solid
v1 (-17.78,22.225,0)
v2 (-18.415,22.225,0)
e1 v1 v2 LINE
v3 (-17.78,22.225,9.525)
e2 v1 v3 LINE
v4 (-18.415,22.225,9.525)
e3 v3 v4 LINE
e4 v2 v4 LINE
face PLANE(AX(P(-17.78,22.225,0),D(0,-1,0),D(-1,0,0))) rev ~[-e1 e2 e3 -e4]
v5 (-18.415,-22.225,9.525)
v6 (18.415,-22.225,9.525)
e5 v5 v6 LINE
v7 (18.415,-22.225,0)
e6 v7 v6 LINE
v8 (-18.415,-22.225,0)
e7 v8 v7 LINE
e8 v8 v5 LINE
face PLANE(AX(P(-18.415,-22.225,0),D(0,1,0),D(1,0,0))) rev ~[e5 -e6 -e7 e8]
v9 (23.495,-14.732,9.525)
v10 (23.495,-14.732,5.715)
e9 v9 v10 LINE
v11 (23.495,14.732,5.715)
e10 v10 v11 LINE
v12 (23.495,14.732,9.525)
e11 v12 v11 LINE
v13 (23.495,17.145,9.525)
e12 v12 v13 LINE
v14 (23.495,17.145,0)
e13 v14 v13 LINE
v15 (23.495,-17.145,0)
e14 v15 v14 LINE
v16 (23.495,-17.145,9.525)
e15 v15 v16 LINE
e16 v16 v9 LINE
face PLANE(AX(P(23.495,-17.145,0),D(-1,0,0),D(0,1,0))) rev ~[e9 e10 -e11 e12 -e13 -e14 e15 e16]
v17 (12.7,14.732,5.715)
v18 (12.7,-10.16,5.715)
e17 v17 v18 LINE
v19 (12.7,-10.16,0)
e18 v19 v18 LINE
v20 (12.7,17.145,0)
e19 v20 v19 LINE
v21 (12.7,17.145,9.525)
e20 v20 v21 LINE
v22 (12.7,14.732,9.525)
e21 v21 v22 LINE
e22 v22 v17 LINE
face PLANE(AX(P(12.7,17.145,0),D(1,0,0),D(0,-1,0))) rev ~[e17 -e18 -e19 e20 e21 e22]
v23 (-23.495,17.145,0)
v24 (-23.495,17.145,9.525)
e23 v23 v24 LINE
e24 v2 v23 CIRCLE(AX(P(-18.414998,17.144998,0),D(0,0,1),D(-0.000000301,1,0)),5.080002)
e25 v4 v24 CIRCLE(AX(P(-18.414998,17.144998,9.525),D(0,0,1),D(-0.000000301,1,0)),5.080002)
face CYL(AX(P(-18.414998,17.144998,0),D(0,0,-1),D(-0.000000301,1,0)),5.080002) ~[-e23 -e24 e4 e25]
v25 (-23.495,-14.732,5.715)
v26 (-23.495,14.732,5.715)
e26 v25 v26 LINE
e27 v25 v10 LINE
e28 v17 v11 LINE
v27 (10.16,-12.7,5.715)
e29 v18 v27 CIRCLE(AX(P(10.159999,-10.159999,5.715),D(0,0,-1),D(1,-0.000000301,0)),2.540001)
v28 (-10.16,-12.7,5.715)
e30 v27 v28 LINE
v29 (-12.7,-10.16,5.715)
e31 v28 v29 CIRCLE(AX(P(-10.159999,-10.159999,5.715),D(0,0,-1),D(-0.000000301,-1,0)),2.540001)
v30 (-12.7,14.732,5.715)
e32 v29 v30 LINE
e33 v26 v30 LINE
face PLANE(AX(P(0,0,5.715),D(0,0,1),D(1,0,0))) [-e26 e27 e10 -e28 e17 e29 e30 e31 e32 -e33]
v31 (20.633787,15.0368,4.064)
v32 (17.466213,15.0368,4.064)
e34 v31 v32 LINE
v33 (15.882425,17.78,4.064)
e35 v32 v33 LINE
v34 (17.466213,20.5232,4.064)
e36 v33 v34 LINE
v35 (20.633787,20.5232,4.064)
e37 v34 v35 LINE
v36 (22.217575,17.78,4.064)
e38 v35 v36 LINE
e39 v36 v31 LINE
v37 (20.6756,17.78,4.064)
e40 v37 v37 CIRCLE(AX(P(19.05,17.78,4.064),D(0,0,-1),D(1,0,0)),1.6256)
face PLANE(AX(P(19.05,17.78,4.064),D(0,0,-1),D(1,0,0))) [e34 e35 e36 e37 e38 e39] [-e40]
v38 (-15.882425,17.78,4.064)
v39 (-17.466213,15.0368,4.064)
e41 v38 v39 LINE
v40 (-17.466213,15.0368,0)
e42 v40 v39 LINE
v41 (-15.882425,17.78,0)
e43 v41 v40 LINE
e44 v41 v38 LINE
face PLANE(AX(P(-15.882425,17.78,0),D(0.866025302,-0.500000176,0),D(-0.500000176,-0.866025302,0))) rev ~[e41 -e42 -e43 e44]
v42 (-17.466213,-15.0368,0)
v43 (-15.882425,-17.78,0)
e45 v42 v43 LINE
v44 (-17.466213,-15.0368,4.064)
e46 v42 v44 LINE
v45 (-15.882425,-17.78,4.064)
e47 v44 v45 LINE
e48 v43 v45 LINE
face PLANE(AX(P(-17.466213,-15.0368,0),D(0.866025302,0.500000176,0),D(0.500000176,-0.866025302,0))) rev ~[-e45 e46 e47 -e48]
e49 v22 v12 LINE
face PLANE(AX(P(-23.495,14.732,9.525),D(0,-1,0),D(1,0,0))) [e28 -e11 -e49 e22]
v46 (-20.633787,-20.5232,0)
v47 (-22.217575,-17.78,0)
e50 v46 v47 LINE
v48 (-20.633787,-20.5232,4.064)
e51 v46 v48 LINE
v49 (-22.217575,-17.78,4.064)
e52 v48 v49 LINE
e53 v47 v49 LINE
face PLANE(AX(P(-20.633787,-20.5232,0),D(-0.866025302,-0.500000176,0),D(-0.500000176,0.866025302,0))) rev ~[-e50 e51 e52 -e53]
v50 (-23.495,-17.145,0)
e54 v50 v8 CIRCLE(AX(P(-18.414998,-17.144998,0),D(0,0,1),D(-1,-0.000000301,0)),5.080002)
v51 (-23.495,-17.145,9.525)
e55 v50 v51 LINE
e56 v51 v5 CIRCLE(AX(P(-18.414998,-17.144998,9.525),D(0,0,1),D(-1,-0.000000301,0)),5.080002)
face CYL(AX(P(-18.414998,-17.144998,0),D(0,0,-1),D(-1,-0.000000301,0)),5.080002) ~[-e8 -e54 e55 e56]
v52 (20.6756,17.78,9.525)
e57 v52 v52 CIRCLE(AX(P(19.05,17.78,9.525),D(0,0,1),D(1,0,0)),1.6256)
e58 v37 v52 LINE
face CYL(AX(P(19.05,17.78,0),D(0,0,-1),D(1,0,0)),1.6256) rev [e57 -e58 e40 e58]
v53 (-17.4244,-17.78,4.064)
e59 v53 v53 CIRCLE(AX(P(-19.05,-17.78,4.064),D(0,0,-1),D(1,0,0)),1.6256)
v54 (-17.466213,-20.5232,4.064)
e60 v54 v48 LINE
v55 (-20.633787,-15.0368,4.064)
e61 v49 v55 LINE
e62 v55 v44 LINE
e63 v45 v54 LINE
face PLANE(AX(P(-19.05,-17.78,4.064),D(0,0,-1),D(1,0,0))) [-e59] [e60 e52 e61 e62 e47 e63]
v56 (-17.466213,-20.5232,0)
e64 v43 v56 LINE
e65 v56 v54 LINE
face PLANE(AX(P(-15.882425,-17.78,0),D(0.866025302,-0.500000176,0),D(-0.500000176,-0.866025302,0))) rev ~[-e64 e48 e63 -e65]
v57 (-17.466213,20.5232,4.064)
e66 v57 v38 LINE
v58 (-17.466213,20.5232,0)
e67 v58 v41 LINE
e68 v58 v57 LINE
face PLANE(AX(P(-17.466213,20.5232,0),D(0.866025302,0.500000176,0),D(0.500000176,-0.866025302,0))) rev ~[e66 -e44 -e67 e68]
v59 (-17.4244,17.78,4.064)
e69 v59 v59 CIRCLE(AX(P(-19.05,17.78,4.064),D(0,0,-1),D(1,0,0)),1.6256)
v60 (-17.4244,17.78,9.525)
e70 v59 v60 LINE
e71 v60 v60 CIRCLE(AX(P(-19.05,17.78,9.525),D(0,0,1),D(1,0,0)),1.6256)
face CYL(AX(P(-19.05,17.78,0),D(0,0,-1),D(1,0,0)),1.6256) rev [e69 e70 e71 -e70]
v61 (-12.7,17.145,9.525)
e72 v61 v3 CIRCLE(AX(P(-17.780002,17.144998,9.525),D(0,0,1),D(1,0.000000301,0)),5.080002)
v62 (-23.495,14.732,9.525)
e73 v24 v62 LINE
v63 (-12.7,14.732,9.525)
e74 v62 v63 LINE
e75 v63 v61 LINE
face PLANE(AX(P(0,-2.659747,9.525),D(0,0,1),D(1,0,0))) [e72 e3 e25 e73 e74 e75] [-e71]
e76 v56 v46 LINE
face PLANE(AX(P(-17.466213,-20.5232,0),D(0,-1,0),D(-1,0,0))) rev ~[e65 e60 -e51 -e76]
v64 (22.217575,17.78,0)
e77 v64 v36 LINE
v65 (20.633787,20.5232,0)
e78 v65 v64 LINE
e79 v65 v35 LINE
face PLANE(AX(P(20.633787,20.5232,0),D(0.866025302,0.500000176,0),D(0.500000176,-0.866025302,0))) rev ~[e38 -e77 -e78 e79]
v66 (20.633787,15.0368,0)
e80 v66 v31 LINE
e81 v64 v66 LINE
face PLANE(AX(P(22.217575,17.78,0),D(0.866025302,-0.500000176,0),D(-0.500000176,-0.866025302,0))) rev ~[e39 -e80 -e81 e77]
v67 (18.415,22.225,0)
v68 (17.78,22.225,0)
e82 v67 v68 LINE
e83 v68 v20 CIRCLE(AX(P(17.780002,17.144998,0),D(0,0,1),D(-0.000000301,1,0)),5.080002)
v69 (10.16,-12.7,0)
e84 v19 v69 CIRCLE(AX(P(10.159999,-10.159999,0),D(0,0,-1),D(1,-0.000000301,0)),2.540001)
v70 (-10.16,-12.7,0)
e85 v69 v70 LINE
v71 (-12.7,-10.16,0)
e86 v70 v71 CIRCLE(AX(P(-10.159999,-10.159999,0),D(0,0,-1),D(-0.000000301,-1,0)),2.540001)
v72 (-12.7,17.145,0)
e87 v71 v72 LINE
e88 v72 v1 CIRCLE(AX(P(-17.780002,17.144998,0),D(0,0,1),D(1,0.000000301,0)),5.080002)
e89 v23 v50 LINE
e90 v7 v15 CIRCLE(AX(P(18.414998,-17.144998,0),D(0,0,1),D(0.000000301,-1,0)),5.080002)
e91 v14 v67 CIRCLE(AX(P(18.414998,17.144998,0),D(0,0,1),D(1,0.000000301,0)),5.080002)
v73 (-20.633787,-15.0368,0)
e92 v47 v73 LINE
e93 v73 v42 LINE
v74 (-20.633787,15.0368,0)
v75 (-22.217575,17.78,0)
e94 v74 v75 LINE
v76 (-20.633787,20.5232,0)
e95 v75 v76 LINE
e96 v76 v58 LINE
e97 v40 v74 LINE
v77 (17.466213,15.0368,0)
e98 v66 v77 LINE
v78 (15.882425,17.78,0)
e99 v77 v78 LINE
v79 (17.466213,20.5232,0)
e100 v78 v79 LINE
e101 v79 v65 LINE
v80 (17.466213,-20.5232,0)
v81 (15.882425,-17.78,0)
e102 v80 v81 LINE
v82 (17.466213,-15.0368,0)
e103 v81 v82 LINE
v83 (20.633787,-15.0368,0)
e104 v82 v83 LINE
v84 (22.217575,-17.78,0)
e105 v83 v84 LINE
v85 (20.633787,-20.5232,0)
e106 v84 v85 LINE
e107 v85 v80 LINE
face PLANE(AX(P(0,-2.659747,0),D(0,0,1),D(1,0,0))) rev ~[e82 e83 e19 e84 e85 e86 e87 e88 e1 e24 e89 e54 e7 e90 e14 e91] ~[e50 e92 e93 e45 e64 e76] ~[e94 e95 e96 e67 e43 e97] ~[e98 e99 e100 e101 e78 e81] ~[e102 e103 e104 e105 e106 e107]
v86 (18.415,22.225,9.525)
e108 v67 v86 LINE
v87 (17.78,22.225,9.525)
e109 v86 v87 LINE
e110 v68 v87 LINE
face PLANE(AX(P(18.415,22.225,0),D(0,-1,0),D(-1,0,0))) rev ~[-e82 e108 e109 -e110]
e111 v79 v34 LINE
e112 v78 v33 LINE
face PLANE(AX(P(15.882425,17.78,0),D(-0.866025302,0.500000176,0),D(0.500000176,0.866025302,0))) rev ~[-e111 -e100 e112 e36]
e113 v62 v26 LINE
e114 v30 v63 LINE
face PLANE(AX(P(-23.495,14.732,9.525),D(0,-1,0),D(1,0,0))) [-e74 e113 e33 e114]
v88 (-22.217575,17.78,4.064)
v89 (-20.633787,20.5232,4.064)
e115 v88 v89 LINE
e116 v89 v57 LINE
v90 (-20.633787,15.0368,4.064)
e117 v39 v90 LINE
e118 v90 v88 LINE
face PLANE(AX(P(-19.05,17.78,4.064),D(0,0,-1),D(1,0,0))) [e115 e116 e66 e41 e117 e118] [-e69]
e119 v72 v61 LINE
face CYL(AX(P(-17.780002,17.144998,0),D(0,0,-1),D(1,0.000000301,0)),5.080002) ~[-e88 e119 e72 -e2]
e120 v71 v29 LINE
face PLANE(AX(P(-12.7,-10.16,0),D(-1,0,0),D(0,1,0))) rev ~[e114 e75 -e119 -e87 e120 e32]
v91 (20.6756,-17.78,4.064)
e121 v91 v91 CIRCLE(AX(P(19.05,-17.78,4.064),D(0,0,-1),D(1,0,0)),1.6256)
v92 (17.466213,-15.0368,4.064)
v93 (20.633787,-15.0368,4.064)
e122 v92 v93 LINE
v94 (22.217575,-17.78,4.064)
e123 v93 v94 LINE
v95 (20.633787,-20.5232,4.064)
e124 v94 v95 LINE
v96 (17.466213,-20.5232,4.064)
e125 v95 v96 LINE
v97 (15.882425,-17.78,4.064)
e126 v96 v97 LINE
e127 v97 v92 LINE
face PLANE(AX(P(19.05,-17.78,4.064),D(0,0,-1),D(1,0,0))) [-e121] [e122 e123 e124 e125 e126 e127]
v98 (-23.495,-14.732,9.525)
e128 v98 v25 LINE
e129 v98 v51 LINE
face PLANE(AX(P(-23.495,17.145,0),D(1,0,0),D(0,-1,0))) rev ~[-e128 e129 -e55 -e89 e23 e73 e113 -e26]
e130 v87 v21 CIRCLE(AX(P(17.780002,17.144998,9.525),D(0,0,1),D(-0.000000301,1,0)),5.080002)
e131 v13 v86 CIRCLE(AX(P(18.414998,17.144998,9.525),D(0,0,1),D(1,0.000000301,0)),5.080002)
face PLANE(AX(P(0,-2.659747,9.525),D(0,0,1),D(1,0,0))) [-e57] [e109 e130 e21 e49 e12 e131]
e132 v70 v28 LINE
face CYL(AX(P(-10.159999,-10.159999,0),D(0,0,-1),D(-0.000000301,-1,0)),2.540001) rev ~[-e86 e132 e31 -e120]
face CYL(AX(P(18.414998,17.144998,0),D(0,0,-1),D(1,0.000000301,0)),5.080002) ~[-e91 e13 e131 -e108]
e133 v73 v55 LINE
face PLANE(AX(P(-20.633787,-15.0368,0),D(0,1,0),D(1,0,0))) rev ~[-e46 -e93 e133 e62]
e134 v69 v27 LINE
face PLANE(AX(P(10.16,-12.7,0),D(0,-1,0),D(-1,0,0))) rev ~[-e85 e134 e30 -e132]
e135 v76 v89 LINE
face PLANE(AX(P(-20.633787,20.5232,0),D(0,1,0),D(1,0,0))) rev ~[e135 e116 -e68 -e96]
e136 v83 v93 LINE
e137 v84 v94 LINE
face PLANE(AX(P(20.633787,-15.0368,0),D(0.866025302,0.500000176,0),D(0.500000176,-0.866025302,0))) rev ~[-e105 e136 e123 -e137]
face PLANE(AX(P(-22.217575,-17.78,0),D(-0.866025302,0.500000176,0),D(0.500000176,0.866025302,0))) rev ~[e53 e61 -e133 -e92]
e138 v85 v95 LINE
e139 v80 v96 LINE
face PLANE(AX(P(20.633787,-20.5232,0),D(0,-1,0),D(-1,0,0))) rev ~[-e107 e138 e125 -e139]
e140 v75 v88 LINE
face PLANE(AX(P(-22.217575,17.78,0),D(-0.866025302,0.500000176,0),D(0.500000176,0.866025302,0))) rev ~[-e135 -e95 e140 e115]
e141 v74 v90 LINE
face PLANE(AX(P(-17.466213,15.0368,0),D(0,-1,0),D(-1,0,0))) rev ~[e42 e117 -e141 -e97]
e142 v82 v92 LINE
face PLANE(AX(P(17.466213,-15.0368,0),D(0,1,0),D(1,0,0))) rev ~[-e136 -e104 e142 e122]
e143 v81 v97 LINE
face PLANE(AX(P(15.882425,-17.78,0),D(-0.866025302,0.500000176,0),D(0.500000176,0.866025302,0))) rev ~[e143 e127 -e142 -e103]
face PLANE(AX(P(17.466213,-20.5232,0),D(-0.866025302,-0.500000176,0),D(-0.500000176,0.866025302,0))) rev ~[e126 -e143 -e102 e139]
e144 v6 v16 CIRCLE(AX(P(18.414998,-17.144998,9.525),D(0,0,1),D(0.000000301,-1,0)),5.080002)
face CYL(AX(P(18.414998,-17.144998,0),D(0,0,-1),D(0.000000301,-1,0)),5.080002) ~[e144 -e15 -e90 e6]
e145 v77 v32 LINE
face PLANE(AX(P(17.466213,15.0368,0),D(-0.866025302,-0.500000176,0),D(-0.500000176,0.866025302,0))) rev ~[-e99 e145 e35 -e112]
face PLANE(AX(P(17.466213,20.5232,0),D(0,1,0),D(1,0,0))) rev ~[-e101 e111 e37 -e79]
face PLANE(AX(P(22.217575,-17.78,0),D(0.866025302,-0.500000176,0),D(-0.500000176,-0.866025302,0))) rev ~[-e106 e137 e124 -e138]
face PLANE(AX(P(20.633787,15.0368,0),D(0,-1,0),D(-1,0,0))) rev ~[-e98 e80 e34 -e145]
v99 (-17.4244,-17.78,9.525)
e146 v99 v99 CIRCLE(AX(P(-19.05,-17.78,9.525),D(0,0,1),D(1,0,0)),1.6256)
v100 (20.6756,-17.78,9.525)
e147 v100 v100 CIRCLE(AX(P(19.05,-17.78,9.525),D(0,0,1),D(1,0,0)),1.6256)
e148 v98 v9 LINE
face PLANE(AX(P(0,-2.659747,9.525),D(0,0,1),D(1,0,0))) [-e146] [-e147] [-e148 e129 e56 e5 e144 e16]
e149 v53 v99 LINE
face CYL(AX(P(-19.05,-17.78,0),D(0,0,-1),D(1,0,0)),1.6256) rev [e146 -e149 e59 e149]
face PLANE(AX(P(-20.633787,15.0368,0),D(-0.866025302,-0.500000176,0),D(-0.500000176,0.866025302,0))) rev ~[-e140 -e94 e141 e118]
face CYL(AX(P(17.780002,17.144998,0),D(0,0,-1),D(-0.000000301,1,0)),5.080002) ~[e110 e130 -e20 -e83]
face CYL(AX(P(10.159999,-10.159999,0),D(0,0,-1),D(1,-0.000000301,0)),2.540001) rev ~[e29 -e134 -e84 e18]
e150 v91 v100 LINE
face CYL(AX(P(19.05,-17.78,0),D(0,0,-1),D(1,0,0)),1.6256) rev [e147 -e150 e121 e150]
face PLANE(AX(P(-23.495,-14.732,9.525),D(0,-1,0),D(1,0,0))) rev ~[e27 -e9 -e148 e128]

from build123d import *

# Parameters (mm, degrees)
F0_R     = 1.6256
F1_DEPTH = 9.525
F2_W     = 46.99
F2_H     = 29.464
F3_DEPTH = 3.81
F5_DEPTH = 4.064


with BuildPart() as f1:
    # F0 (on Top) → F1 (new body)
    with BuildSketch(Plane.XY):
        with BuildLine():
            ThreePointArc((23.495, 17.145), (22.007102, 20.737102), (18.415, 22.225))
            Line((18.415, 22.225), (17.78, 22.225))
            ThreePointArc((17.78, 22.225), (14.187898, 20.737102), (12.7, 17.145))
            Line((12.7, 17.145), (12.7, -10.16))
            ThreePointArc((12.7, -10.16), (11.956051, -11.956051), (10.16, -12.7))
            Line((10.16, -12.7), (-10.16, -12.7))
            ThreePointArc((-10.16, -12.7), (-11.956051, -11.956051), (-12.7, -10.16))
            Line((-12.7, -10.16), (-12.7, 17.145))
            ThreePointArc((-12.7, 17.145), (-14.187898, 20.737102), (-17.78, 22.225))
            Line((-17.78, 22.225), (-18.415, 22.225))
            ThreePointArc((-18.415, 22.225), (-22.007102, 20.737102), (-23.495, 17.145))
            Line((-23.495, 17.145), (-23.495, -17.145))
            ThreePointArc((-23.495, -17.145), (-22.007102, -20.737102), (-18.415, -22.225))
            Line((-18.415, -22.225), (18.415, -22.225))
            ThreePointArc((18.415, -22.225), (22.007102, -20.737102), (23.495, -17.145))
            Line((23.495, -17.145), (23.495, 17.145))
        make_face()
        with Locations((-19.05, -17.78)):
            Circle(F0_R, mode=Mode.SUBTRACT)
        with Locations((19.05, -17.78)):
            Circle(F0_R, mode=Mode.SUBTRACT)
        with Locations((-19.05, 17.78)):
            Circle(F0_R, mode=Mode.SUBTRACT)
        with Locations((19.05, 17.78)):
            Circle(F0_R, mode=Mode.SUBTRACT)
    extrude(amount=F1_DEPTH)

    # F2 (on face) → F3 (cut)
    with BuildSketch(Plane.XY.offset(9.525)):
        Rectangle(F2_W, F2_H)
    extrude(amount=-F3_DEPTH, mode=Mode.SUBTRACT)

    # F4 (on face) → F5 (cut)
    with BuildSketch(Plane(origin=(0, 0, 0), x_dir=(1, 0, 0), z_dir=(0, 0, -1))):
        Polygon((17.466213, -15.0368), (15.882425, -17.78), (17.466213, -20.5232), (20.633787, -20.5232), (22.217575, -17.78), (20.633787, -15.0368), align=None)
        Polygon((-17.466213, -15.0368), (-20.633787, -15.0368), (-22.217575, -17.78), (-20.633787, -20.5232), (-17.466213, -20.5232), (-15.882425, -17.78), align=None)
        Polygon((15.882425, 17.78), (17.466213, 15.0368), (20.633787, 15.0368), (22.217575, 17.78), (20.633787, 20.5232), (17.466213, 20.5232), align=None)
        Polygon((-22.217575, 17.78), (-20.633787, 15.0368), (-17.466213, 15.0368), (-15.882425, 17.78), (-17.466213, 20.5232), (-20.633787, 20.5232), align=None)
    extrude(amount=-F5_DEPTH, mode=Mode.SUBTRACT)


solid = f1.part
